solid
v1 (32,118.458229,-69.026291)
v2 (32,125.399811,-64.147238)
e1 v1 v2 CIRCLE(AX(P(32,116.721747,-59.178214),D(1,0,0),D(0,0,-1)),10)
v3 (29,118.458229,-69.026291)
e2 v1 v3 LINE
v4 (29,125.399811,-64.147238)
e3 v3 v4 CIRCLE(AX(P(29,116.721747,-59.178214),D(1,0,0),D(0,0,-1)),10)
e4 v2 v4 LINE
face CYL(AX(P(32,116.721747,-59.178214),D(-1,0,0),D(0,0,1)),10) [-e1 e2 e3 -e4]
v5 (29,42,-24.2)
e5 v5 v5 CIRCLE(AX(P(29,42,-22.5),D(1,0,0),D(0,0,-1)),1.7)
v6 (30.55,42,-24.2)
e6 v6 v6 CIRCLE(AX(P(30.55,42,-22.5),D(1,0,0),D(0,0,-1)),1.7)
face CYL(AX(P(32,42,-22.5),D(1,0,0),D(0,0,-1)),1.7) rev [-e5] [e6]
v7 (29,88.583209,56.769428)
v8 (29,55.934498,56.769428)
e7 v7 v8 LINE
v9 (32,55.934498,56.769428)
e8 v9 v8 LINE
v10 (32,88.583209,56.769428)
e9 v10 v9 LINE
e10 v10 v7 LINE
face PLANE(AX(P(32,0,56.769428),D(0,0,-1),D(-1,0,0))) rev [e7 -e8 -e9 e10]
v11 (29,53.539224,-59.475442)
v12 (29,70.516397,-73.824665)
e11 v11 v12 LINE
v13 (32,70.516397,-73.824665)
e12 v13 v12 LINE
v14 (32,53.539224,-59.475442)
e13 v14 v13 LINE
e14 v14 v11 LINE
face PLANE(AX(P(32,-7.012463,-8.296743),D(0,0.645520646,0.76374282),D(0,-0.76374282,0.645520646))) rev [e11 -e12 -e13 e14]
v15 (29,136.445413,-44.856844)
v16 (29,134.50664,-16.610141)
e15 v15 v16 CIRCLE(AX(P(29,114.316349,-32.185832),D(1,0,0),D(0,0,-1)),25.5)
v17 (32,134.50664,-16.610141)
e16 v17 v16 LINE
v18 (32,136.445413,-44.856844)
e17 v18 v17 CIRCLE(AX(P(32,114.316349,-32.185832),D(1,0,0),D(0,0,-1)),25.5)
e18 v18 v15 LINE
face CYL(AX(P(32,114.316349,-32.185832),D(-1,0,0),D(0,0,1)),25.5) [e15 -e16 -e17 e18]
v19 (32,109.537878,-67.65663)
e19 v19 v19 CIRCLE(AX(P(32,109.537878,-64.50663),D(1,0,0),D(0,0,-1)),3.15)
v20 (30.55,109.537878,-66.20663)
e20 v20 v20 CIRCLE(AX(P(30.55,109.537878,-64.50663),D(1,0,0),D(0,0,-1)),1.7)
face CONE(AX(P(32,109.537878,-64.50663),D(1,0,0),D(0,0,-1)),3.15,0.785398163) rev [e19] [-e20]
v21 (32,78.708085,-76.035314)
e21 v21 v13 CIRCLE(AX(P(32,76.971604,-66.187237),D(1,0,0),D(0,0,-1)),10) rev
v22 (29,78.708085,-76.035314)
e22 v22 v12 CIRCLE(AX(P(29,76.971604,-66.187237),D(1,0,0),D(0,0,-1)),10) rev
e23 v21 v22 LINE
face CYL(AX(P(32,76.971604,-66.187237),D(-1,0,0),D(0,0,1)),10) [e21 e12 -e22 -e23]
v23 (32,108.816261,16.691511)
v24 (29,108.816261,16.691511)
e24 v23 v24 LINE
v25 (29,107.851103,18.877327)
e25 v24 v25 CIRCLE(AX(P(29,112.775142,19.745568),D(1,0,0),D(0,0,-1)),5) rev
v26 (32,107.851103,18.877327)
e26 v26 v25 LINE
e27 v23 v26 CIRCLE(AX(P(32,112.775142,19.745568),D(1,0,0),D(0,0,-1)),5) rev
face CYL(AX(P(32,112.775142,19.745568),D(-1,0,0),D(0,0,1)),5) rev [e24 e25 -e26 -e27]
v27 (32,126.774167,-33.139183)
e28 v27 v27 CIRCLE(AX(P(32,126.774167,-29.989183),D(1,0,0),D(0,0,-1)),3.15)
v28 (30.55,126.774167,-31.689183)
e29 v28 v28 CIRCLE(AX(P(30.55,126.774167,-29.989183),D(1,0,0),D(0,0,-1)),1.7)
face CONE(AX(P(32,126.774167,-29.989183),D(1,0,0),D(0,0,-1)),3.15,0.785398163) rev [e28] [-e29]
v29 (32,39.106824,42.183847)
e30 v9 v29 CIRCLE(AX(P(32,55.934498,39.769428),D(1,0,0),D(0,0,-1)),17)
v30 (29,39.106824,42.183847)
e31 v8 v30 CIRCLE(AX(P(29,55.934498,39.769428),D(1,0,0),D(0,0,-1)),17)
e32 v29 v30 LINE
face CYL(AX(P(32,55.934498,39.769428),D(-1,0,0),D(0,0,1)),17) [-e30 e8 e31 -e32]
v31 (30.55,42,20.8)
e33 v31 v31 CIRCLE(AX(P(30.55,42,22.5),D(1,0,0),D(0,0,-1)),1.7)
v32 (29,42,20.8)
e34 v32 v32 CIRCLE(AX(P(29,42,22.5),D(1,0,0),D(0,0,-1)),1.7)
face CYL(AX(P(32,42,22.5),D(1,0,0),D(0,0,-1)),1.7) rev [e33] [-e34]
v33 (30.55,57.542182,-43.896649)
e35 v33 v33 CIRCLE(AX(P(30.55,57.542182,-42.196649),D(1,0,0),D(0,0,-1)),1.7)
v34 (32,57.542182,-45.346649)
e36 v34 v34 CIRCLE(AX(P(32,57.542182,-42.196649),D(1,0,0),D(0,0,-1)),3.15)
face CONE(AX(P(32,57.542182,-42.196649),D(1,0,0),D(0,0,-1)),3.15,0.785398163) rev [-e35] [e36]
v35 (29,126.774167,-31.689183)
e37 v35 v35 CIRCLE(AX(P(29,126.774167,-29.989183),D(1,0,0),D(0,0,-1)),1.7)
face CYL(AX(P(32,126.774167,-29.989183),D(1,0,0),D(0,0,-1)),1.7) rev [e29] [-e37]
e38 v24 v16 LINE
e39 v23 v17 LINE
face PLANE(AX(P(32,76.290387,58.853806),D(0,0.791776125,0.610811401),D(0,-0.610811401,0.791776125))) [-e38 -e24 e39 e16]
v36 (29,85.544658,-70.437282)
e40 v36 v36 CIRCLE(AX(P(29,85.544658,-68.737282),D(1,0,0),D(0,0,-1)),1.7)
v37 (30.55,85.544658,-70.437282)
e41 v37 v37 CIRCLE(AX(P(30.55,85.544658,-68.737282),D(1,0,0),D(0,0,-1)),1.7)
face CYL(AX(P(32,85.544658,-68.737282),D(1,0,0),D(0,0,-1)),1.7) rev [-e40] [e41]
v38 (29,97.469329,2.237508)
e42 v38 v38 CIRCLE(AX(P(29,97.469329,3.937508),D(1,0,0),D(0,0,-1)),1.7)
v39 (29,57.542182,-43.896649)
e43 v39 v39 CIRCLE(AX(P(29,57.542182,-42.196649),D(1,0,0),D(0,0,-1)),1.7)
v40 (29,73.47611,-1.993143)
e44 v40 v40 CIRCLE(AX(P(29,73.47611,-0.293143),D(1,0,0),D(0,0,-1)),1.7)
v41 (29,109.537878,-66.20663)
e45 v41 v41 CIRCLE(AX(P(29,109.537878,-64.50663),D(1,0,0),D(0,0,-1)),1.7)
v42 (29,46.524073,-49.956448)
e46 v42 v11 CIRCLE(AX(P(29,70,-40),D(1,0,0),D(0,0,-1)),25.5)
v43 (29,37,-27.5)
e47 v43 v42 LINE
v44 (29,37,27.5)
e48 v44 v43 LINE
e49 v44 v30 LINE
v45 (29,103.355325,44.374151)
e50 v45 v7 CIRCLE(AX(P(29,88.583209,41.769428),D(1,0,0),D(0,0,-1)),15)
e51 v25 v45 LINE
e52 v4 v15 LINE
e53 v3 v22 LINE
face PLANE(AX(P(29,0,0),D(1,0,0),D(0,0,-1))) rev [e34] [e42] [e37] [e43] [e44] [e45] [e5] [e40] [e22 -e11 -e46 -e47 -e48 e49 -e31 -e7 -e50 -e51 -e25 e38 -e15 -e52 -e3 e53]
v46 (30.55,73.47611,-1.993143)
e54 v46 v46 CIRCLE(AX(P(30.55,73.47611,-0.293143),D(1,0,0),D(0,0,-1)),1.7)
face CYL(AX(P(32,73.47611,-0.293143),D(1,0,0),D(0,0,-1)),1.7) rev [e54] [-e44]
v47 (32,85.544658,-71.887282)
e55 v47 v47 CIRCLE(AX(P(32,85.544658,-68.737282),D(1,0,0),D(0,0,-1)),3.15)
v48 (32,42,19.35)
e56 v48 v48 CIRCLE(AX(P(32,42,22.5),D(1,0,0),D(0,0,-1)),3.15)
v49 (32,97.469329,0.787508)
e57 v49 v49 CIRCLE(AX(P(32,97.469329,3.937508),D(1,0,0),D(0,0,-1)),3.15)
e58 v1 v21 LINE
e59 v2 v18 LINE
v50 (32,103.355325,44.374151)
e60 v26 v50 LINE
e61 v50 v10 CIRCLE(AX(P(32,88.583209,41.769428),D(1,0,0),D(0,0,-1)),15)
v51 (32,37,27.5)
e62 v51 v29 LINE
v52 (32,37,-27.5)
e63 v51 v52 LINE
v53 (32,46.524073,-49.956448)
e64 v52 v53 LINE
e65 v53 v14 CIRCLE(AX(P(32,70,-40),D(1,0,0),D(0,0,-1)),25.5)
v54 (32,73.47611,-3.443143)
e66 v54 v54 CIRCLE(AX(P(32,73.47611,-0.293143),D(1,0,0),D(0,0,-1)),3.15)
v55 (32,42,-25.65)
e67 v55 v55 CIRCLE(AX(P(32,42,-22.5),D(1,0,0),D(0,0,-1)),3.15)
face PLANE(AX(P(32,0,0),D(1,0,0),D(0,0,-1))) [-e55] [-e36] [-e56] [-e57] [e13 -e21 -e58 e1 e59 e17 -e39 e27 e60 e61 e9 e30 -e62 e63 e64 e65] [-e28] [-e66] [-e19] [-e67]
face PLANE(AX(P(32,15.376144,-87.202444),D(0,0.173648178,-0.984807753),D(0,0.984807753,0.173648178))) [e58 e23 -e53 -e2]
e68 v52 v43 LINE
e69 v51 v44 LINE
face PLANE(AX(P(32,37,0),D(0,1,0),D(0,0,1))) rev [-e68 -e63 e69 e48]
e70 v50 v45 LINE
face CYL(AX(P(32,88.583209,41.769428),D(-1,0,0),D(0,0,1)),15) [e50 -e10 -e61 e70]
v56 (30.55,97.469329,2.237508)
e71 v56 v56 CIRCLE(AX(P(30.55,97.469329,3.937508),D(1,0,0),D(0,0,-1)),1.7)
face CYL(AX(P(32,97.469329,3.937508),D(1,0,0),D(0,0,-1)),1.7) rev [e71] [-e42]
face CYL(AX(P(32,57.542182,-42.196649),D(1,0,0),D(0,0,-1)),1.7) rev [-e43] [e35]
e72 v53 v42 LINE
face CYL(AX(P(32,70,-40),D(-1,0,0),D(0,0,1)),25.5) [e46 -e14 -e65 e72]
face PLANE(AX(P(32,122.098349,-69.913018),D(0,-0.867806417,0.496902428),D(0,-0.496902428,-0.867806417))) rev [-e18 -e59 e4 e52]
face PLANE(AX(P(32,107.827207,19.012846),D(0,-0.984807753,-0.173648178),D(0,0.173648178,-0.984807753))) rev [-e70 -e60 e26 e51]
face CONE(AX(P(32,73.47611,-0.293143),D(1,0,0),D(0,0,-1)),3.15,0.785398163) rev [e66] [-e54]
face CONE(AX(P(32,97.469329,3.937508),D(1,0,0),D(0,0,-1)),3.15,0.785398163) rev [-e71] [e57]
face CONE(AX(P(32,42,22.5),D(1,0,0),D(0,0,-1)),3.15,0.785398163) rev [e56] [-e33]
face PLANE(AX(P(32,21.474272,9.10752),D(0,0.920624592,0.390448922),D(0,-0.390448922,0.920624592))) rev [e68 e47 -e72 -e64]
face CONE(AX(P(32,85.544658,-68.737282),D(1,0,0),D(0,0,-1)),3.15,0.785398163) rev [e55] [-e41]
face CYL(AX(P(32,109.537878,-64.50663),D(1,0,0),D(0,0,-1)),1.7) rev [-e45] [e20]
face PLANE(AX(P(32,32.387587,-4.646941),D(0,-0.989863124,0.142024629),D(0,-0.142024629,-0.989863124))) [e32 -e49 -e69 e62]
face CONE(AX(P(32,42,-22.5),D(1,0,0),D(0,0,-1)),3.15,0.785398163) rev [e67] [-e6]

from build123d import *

# Parameters (mm, degrees)
BOSS_EXTRUDE1_DEPTH                            = 3
CSK_FOR_M3_FLAT_HEAD_MACHINE_SCREW1_AT_2_COUNT = 2
CSK_FOR_M3_FLAT_HEAD_MACHINE_SCREW1_AT_2_PITCH = 24.36335345
CSK_FOR_M3_FLAT_HEAD_MACHINE_SCREW1_AT_3_COUNT = 2
CSK_FOR_M3_FLAT_HEAD_MACHINE_SCREW1_AT_3_PITCH = 69.5
CSK_FOR_M3_FLAT_HEAD_MACHINE_SCREW1_AT_4_COUNT = 2
CSK_FOR_M3_FLAT_HEAD_MACHINE_SCREW1_AT_4_PITCH = 73.646608824
CSK_FOR_M3_FLAT_HEAD_MACHINE_SCREW1_AT_5_COUNT = 2
CSK_FOR_M3_FLAT_HEAD_MACHINE_SCREW1_AT_5_PITCH = 56.579922425
CSK_FOR_M3_FLAT_HEAD_MACHINE_SCREW1_AT_6_COUNT = 2
CSK_FOR_M3_FLAT_HEAD_MACHINE_SCREW1_AT_6_PITCH = 38.581652039
CSK_FOR_M3_FLAT_HEAD_MACHINE_SCREW1_AT_7_COUNT = 2
CSK_FOR_M3_FLAT_HEAD_MACHINE_SCREW1_AT_7_PITCH = 110.143173396
CSK_FOR_M3_FLAT_HEAD_MACHINE_SCREW1_AT_8_COUNT = 2
CSK_FOR_M3_FLAT_HEAD_MACHINE_SCREW1_AT_8_PITCH = 79.535664399


with BuildPart() as part:
    # Sketch2 → Boss-Extrude1 (new body)
    with BuildSketch(Plane(origin=(29, 0, 0), x_dir=(0, 0, -1), z_dir=(1, 0, 0))):
        with BuildLine():
            Line((-16.691511003, 108.816260881), (16.610141275, 134.506640075))
            ThreePointArc((16.610141275, 134.506640075), (30.439693581, 139.756494337), (44.856843921, 136.445412513))
            Line((44.856843921, 136.445412513), (64.147238229, 125.399811115))
            ThreePointArc((64.147238229, 125.399811115), (67.359474123, 122.47213667), (69.026291478, 118.458228724))
            Line((69.026291478, 118.458228724), (76.03531425, 78.708085309))
            ThreePointArc((76.03531425, 78.708085309), (75.841855651, 74.366160521), (73.824664919, 70.516397068))
            Line((73.824664919, 70.516397068), (59.475441909, 53.539223516))
            ThreePointArc((59.475441909, 53.539223516), (55.128189361, 49.472265428), (49.95644752, 46.524072909))
            Line((49.95644752, 46.524072909), (27.5, 37))
            Line((27.5, 37), (-27.5, 37))
            Line((-27.5, 37), (-42.183846688, 39.106824497))
            ThreePointArc((-42.183846688, 39.106824497), (-52.615538646, 44.799981854), (-56.769427994, 55.934497609))
            Line((-56.769427994, 55.934497609), (-56.769427994, 88.583208534))
            ThreePointArc((-56.769427994, 88.583208534), (-53.260094641, 98.225022679), (-44.374150659, 103.355324829))
            Line((-44.374150659, 103.355324829), (-18.877327121, 107.851102741))
            ThreePointArc((-18.877327121, 107.851102741), (-17.725917606, 108.201192201), (-16.691511003, 108.816260881))
        make_face()
    extrude(amount=BOSS_EXTRUDE1_DEPTH)

    # Sketch4 → CSK for M3 Flat Head Machine Screw1 (revolve, cut)
    with BuildSketch(Plane(origin=(32, 109.537877634, -64.506630382), x_dir=(0, 0, -1), z_dir=(0, 1, 0))):
        Polygon((0, 0), (0, 3), (1.7, 3), (1.7, 1.45), (3.15, 0), align=None)
    csk_for_m3_flat_head_machine_screw1 = revolve(axis=Axis((38.35, 109.537877634, -64.506630382), (-1, 0, 0)), mode=Mode.SUBTRACT)

    # CSK for M3 Flat Head Machine Screw1 at 2: CSK for M3 Flat Head Machine Screw1 ×2
    with Locations(*[Vector(0, -0.984807753, -0.173648178) * (i * CSK_FOR_M3_FLAT_HEAD_MACHINE_SCREW1_AT_2_PITCH) for i in range(1, CSK_FOR_M3_FLAT_HEAD_MACHINE_SCREW1_AT_2_COUNT)]):
        add(csk_for_m3_flat_head_machine_screw1, mode=Mode.SUBTRACT)

    # CSK for M3 Flat Head Machine Screw1 at 3: CSK for M3 Flat Head Machine Screw1 ×2
    with Locations(*[Vector(0, -0.173648178, 0.984807753) * (i * CSK_FOR_M3_FLAT_HEAD_MACHINE_SCREW1_AT_3_PITCH) for i in range(1, CSK_FOR_M3_FLAT_HEAD_MACHINE_SCREW1_AT_3_COUNT)]):
        add(csk_for_m3_flat_head_machine_screw1, mode=Mode.SUBTRACT)

    # CSK for M3 Flat Head Machine Screw1 at 4: CSK for M3 Flat Head Machine Screw1 ×2
    with Locations(*[Vector(0, -0.489659582, 0.871913696) * (i * CSK_FOR_M3_FLAT_HEAD_MACHINE_SCREW1_AT_4_PITCH) for i in range(1, CSK_FOR_M3_FLAT_HEAD_MACHINE_SCREW1_AT_4_COUNT)]):
        add(csk_for_m3_flat_head_machine_screw1, mode=Mode.SUBTRACT)

    # CSK for M3 Flat Head Machine Screw1 at 5: CSK for M3 Flat Head Machine Screw1 ×2
    with Locations(*[Vector(0, -0.918977854, 0.394309147) * (i * CSK_FOR_M3_FLAT_HEAD_MACHINE_SCREW1_AT_5_PITCH) for i in range(1, CSK_FOR_M3_FLAT_HEAD_MACHINE_SCREW1_AT_5_COUNT)]):
        add(csk_for_m3_flat_head_machine_screw1, mode=Mode.SUBTRACT)

    # CSK for M3 Flat Head Machine Screw1 at 6: CSK for M3 Flat Head Machine Screw1 ×2
    with Locations(*[Vector(0, 0.446748348, 0.894659663) * (i * CSK_FOR_M3_FLAT_HEAD_MACHINE_SCREW1_AT_6_PITCH) for i in range(1, CSK_FOR_M3_FLAT_HEAD_MACHINE_SCREW1_AT_6_COUNT)]):
        add(csk_for_m3_flat_head_machine_screw1, mode=Mode.SUBTRACT)

    # CSK for M3 Flat Head Machine Screw1 at 7: CSK for M3 Flat Head Machine Screw1 ×2
    with Locations(*[Vector(0, -0.613182602, 0.789941198) * (i * CSK_FOR_M3_FLAT_HEAD_MACHINE_SCREW1_AT_7_PITCH) for i in range(1, CSK_FOR_M3_FLAT_HEAD_MACHINE_SCREW1_AT_7_COUNT)]):
        add(csk_for_m3_flat_head_machine_screw1, mode=Mode.SUBTRACT)

    # CSK for M3 Flat Head Machine Screw1 at 8: CSK for M3 Flat Head Machine Screw1 ×2
    with Locations(*[Vector(0, -0.849152115, 0.528148356) * (i * CSK_FOR_M3_FLAT_HEAD_MACHINE_SCREW1_AT_8_PITCH) for i in range(1, CSK_FOR_M3_FLAT_HEAD_MACHINE_SCREW1_AT_8_COUNT)]):
        add(csk_for_m3_flat_head_machine_screw1, mode=Mode.SUBTRACT)


solid = part.part
